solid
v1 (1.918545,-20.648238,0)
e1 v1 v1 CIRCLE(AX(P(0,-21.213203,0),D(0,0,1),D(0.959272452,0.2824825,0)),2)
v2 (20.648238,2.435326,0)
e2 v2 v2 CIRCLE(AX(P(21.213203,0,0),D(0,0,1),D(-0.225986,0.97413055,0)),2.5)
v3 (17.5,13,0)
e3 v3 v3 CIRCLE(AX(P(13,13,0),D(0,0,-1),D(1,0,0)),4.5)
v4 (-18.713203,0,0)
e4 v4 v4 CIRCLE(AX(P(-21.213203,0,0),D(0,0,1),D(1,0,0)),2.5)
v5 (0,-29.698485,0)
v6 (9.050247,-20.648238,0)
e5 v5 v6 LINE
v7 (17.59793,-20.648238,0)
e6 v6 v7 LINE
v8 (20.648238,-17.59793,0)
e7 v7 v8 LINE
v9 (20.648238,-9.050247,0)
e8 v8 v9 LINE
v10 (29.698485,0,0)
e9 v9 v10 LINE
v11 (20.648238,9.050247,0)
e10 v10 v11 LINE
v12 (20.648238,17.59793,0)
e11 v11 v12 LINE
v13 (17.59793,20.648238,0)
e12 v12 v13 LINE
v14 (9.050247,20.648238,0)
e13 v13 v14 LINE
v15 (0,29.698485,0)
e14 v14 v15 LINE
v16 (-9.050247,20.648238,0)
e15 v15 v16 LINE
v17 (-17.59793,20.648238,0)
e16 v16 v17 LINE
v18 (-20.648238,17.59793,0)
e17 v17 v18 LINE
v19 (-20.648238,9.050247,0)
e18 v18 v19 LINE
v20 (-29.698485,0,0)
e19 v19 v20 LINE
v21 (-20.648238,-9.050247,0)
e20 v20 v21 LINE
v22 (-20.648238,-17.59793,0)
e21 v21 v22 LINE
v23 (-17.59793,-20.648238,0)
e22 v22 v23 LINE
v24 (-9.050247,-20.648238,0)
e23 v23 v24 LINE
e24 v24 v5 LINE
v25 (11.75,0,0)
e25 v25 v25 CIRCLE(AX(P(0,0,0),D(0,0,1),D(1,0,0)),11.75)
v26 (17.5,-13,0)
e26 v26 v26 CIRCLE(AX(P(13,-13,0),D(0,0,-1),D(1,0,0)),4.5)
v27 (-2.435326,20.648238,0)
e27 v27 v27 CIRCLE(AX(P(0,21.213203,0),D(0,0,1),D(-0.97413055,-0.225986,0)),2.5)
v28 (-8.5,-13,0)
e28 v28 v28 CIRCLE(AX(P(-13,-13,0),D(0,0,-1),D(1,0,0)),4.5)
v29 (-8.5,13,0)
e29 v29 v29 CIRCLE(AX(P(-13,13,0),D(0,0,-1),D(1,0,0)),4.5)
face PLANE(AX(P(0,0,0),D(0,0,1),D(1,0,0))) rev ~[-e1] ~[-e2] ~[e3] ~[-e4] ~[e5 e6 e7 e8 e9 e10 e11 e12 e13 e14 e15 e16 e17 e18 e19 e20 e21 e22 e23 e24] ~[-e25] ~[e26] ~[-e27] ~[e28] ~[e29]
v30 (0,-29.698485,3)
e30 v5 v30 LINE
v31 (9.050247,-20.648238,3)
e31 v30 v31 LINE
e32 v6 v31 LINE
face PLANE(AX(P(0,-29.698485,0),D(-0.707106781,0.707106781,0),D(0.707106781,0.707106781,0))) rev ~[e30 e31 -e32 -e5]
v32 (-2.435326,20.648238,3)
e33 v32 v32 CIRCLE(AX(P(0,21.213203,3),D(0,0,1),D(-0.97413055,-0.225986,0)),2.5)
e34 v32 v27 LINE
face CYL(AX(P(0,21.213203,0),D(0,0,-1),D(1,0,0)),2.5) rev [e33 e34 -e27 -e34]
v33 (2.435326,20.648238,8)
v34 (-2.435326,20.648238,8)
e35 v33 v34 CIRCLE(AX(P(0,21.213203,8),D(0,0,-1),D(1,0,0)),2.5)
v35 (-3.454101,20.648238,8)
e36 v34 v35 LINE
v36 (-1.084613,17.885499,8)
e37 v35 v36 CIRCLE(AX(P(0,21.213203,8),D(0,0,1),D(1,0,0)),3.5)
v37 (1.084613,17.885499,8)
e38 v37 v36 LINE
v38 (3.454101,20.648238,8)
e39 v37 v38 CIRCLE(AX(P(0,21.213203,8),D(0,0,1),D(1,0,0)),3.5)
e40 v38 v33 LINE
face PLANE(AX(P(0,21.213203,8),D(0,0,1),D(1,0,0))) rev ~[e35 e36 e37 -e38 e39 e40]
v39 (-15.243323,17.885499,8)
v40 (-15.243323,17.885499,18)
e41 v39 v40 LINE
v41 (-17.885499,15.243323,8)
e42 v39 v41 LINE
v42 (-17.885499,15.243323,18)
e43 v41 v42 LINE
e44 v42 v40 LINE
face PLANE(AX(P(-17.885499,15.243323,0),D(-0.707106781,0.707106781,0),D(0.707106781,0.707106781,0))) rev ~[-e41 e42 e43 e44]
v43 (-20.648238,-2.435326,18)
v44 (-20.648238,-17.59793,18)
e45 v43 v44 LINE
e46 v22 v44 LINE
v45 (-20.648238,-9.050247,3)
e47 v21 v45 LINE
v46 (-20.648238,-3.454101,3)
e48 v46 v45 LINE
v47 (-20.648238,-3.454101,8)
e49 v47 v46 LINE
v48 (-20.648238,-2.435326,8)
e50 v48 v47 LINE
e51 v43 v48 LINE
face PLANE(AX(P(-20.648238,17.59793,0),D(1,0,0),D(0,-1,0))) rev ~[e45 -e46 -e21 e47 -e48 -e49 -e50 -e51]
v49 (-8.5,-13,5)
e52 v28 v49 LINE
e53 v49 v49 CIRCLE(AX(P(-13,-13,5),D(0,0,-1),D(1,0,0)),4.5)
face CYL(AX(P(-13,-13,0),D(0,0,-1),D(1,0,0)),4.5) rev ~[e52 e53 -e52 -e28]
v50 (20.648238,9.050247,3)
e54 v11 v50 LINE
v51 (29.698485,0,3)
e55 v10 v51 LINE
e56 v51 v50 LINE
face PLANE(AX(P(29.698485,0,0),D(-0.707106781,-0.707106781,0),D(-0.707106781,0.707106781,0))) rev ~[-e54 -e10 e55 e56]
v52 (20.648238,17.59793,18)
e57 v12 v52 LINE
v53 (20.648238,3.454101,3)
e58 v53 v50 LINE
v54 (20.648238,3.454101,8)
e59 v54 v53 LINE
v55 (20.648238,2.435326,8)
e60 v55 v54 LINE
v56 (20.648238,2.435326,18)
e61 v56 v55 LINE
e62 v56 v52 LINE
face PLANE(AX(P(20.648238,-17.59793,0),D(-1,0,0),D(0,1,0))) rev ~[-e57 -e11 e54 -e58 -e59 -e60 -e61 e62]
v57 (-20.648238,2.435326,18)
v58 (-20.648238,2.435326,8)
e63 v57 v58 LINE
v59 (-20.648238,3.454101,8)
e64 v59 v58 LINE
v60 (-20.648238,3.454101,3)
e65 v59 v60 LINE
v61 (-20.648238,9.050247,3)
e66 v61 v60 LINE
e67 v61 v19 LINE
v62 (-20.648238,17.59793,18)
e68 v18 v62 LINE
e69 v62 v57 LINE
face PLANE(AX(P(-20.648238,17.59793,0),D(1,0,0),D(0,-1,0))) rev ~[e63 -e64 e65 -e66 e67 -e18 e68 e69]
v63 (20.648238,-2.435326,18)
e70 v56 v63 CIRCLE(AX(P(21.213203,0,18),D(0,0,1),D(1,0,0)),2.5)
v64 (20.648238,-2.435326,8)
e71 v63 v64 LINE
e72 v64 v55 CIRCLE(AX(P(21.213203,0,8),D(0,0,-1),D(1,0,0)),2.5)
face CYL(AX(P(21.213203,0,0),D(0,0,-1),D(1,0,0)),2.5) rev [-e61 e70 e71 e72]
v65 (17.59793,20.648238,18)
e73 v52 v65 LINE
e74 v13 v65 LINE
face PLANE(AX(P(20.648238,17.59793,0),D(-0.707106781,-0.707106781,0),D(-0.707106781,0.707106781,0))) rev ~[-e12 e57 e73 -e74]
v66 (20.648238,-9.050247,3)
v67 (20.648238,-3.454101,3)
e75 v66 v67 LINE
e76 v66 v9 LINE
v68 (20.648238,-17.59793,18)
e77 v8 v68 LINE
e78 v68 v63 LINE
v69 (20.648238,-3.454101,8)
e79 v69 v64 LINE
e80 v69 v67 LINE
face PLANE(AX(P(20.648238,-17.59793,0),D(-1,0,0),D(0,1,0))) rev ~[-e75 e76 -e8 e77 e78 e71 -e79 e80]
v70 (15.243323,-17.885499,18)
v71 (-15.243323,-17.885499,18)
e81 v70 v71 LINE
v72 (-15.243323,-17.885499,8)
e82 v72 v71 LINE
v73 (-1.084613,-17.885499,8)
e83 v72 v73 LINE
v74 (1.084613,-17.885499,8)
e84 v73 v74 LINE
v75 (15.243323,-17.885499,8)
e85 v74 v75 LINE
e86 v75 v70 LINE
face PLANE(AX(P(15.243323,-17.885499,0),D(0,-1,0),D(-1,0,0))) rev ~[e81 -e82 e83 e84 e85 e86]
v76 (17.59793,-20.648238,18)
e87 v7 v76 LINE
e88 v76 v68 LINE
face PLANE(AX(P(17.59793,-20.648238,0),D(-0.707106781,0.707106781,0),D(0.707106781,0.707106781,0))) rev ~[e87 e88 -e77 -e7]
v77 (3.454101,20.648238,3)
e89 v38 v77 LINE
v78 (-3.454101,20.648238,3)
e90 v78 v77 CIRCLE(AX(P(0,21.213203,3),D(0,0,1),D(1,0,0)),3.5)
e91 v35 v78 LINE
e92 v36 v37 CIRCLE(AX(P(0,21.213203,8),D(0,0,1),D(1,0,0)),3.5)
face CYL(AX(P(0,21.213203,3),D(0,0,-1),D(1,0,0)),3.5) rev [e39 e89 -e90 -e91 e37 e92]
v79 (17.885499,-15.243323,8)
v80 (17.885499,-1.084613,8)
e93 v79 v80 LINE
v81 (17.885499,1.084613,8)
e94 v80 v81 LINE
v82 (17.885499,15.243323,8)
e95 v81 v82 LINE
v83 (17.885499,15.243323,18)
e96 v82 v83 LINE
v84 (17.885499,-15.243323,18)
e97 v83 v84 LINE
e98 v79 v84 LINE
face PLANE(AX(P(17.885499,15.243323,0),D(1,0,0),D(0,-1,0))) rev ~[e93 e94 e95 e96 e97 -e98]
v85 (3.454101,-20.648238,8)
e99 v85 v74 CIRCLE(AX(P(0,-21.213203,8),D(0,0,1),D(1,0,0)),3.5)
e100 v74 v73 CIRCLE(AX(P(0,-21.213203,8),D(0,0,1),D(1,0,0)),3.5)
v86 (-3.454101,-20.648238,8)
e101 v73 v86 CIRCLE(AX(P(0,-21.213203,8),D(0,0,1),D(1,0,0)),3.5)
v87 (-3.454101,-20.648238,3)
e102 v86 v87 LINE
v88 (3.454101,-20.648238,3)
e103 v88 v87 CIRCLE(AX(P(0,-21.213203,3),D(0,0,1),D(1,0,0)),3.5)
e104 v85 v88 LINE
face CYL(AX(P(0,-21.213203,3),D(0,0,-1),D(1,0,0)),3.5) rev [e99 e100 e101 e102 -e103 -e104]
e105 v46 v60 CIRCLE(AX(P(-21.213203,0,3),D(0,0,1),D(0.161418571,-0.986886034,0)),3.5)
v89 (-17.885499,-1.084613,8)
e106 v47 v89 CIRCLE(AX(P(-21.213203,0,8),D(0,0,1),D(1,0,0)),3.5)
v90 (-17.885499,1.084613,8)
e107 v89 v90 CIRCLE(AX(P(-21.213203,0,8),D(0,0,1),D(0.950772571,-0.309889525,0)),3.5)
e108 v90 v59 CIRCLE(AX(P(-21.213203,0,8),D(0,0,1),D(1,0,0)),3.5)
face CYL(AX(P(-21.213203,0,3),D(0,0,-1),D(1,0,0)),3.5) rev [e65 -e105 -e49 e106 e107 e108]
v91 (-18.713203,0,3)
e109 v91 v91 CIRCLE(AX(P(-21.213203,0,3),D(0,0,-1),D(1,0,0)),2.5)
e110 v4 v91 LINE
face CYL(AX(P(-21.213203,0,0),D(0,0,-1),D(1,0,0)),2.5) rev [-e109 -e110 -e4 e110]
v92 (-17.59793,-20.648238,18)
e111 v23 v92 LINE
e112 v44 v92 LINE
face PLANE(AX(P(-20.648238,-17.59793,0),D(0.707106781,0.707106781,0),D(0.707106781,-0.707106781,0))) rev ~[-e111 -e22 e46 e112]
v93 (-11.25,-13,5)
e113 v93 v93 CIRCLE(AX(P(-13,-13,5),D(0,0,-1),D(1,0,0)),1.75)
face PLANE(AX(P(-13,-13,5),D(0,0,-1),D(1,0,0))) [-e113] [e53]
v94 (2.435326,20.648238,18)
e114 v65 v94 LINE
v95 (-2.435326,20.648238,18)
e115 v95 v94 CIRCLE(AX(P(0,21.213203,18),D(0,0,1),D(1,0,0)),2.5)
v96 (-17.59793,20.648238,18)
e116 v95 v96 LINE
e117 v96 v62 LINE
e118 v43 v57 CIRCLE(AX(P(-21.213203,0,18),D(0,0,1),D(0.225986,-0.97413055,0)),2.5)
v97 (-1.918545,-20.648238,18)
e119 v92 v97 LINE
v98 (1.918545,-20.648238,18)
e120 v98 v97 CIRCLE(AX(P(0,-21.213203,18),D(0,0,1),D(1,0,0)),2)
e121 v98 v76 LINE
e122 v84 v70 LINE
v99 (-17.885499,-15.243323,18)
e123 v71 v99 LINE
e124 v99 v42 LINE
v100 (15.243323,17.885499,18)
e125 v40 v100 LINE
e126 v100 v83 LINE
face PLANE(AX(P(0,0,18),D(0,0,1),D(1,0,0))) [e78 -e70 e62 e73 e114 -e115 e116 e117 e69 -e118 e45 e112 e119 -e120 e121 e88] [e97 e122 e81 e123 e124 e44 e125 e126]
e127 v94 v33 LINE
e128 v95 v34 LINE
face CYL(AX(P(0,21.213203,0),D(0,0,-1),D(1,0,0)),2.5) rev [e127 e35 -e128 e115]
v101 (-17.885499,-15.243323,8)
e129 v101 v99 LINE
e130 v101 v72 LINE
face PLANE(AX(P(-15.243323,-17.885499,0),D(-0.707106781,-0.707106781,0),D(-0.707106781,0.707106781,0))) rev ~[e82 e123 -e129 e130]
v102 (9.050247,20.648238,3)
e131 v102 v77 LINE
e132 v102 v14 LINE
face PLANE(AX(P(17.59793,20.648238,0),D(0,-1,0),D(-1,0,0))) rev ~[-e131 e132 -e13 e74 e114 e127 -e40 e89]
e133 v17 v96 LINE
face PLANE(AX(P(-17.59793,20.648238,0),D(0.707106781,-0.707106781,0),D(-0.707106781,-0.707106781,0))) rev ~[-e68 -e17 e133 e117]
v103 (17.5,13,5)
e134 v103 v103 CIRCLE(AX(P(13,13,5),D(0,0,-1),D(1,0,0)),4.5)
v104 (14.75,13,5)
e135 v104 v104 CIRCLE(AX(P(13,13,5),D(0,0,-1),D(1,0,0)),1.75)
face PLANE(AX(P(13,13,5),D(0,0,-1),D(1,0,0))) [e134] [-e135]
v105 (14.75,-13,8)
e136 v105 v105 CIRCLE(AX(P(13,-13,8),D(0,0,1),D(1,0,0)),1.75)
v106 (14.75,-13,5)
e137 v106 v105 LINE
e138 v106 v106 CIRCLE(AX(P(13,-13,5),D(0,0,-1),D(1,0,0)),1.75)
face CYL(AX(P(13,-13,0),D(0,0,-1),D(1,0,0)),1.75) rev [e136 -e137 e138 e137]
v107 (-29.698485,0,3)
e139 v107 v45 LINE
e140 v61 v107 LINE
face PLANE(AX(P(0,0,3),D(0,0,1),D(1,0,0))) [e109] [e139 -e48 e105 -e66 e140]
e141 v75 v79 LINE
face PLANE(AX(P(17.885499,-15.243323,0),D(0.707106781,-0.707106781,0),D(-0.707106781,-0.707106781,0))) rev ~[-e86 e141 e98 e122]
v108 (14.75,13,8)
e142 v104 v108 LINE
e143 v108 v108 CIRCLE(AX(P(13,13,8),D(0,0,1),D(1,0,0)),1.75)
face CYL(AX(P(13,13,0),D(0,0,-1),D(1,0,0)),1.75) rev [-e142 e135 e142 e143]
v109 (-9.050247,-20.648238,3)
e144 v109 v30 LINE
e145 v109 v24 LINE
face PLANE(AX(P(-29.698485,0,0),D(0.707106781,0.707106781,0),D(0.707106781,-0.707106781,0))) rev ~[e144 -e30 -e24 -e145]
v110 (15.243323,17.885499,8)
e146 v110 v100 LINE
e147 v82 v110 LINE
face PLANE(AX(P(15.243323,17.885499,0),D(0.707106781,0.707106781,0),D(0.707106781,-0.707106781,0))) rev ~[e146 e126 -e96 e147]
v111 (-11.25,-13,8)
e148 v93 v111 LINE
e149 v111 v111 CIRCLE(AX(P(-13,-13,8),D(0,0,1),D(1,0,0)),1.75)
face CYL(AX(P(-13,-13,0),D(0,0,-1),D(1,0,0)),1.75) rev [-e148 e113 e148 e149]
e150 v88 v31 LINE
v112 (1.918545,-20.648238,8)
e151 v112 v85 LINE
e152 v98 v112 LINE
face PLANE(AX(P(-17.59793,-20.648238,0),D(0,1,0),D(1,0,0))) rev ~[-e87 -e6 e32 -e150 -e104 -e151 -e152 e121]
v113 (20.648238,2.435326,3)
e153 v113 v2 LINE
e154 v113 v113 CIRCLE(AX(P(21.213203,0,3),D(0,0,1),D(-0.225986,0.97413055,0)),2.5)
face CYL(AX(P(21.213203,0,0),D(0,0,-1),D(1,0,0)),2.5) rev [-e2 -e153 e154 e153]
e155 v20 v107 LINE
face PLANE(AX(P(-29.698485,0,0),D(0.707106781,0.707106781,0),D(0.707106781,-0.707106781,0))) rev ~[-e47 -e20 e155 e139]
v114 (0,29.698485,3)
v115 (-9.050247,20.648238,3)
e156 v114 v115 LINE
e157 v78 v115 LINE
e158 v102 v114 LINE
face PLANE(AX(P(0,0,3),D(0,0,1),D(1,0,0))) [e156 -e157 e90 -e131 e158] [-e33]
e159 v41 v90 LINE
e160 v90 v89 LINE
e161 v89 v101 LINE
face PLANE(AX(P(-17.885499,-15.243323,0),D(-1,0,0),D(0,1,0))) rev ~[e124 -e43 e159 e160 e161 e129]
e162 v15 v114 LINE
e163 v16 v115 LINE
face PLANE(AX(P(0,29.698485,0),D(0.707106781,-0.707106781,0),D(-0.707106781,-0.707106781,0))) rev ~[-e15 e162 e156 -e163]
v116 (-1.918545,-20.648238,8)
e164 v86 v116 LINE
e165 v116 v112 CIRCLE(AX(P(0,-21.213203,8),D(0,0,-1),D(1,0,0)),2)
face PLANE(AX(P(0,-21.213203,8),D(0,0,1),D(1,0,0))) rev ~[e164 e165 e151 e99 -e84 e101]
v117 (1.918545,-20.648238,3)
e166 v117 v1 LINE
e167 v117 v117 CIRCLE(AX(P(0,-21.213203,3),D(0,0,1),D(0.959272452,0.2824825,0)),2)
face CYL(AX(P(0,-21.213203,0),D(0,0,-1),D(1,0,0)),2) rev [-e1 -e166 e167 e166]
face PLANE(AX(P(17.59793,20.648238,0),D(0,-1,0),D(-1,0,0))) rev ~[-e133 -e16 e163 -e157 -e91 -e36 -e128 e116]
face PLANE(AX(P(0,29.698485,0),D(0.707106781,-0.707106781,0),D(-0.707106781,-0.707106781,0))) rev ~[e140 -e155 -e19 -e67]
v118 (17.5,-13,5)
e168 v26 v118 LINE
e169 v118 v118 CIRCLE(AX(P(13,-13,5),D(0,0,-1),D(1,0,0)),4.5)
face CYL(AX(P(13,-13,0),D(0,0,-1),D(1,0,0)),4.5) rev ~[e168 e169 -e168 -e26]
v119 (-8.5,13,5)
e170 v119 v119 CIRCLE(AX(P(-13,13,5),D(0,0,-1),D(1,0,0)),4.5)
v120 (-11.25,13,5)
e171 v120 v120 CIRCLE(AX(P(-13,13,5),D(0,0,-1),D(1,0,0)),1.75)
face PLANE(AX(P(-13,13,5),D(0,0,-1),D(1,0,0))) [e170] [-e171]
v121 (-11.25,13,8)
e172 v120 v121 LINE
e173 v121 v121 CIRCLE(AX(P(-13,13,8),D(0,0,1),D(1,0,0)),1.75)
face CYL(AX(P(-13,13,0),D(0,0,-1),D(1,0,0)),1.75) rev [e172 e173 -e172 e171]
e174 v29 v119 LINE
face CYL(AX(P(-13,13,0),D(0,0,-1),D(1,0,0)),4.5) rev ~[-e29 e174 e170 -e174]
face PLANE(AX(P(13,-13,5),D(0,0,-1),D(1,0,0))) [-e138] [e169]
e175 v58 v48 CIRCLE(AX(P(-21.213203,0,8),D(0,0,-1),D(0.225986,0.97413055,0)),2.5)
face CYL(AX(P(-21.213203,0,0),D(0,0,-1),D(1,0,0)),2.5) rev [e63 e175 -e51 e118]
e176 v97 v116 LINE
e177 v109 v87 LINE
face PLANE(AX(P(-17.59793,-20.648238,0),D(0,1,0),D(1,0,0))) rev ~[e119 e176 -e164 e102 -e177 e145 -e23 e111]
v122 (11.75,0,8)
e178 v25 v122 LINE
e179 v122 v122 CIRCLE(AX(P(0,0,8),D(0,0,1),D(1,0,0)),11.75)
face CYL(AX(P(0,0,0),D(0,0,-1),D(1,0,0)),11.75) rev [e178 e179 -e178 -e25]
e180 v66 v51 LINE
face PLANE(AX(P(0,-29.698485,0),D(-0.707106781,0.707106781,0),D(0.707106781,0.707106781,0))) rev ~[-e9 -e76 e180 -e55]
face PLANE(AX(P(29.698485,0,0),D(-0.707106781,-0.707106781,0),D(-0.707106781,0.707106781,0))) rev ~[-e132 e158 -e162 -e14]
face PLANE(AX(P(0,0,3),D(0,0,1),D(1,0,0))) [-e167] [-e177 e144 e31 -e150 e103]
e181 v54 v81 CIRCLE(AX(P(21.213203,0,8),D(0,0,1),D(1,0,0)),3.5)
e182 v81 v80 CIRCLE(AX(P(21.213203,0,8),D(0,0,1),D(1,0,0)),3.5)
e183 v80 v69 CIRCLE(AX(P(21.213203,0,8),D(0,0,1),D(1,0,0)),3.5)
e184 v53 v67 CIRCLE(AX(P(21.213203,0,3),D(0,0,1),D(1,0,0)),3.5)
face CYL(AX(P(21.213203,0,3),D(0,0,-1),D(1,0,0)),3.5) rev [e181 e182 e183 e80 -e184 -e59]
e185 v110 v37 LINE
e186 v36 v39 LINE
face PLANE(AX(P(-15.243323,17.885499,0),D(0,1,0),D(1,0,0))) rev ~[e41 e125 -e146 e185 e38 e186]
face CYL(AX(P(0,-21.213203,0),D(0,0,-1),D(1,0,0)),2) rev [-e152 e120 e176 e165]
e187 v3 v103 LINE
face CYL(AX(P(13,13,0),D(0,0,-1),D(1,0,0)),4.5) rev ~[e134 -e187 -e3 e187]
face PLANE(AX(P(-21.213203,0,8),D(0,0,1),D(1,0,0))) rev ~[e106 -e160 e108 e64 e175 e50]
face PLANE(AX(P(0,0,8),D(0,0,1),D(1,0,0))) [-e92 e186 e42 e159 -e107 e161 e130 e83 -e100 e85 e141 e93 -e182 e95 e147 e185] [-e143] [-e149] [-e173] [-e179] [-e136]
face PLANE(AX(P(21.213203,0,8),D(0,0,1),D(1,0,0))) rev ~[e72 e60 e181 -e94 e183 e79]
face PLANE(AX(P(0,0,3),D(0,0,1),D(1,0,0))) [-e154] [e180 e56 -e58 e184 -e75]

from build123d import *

# Parameters (mm, degrees)
F4_DEPTH  = 18
F2_R      = 1.75
F2_R_2    = 11.75
F5_DEPTH  = 8
F3_R      = 2
F3_R_2    = 1.75
F3_R_3    = 2.5
F3_R_4    = 11.75
F6_DEPTH  = 3
F7_DEPTH  = 18
F8_R      = 4.5
F8_R_2    = 1.75
F9_DEPTH  = 5
F10_DEPTH = 5
F11_R     = 3.5
F12_DEPTH = 5
F13_DEPTH = 5
F14_DEPTH = 5


with BuildPart() as f4:
    # F1 (on Top) → F4 (new body)
    with BuildSketch(Plane.XY):
        Polygon((-17.59793, 20.648238), (-20.648238, 17.59793), (-20.648238, -17.59793), (-17.59793, -20.648238), (17.59793, -20.648238), (20.648238, -17.59793), (20.648238, 17.59793), (17.59793, 20.648238), align=None)
        Polygon((-15.243323, -17.885499), (-17.885499, -15.243323), (-17.885499, 15.243323), (-15.243323, 17.885499), (15.243323, 17.885499), (17.885499, 15.243323), (17.885499, -15.243323), (15.243323, -17.885499), align=None, mode=Mode.SUBTRACT)
    extrude(amount=F4_DEPTH)

    # F2 (on Top) → F5 (join)
    with BuildSketch(Plane.XY):
        Polygon((-15.243323, 17.885499), (-17.885499, 15.243323), (-17.885499, -15.243323), (-15.243323, -17.885499), (15.243323, -17.885499), (17.885499, -15.243323), (17.885499, 15.243323), (15.243323, 17.885499), align=None)
        with Locations((-13, -13)):
            Circle(F2_R, mode=Mode.SUBTRACT)
        with Locations((13, -13)):
            Circle(F2_R, mode=Mode.SUBTRACT)
        Circle(F2_R_2, mode=Mode.SUBTRACT)
        with Locations((-13, 13)):
            Circle(F2_R, mode=Mode.SUBTRACT)
        with Locations((13, 13)):
            Circle(F2_R, mode=Mode.SUBTRACT)
    extrude(amount=F5_DEPTH)

    # F3 (on Top) → F6 (join)
    with BuildSketch(Plane.XY):
        Polygon((-29.698485, 0), (0, -29.698485), (29.698485, 0), (0, 29.698485), align=None)
        with Locations((0, -21.213203)):
            Circle(F3_R, mode=Mode.SUBTRACT)
        with Locations((-13, -13)):
            Circle(F3_R_2, mode=Mode.SUBTRACT)
        with Locations((13, -13)):
            Circle(F3_R_2, mode=Mode.SUBTRACT)
        with Locations((-21.213203, 0)):
            Circle(F3_R_3, mode=Mode.SUBTRACT)
        Circle(F3_R_4, mode=Mode.SUBTRACT)
        with Locations((-13, 13)):
            Circle(F3_R_2, mode=Mode.SUBTRACT)
        with Locations((0, 21.213203)):
            Circle(F3_R_3, mode=Mode.SUBTRACT)
        with Locations((13, 13)):
            Circle(F3_R_2, mode=Mode.SUBTRACT)
        with Locations((21.213203, 0)):
            Circle(F3_R_3, mode=Mode.SUBTRACT)
    extrude(amount=F6_DEPTH)

    # F3 (on Top) → F7 (cut)
    with BuildSketch(Plane.XY):
        with Locations((21.213203, 0)):
            Circle(F3_R_3)
        with Locations((0, 21.213203)):
            Circle(F3_R_3)
        with Locations((0, -21.213203)):
            Circle(F3_R)
        with Locations((-21.213203, 0)):
            Circle(F3_R_3)
    extrude(amount=F7_DEPTH, mode=Mode.SUBTRACT)

    # F8 (on face) + F2 (on Top) → F9 (cut)
    with BuildSketch(Plane(origin=(0, 0, 0), x_dir=(1, 0, 0), z_dir=(0, 0, -1))):
        with Locations((-13, -13)):
            Circle(F8_R)
        with Locations((-13, -13)):
            Circle(F8_R_2, mode=Mode.SUBTRACT)
    with BuildSketch(Plane.XY):
        with Locations((-13, 13)):
            Circle(F2_R)
    extrude(amount=-F9_DEPTH, mode=Mode.SUBTRACT)

    # F8 (on face) + F2 (on Top) → F10 (cut)
    with BuildSketch(Plane(origin=(0, 0, 0), x_dir=(1, 0, 0), z_dir=(0, 0, -1))):
        with Locations((13, 13)):
            Circle(F8_R)
        with Locations((13, 13)):
            Circle(F8_R_2, mode=Mode.SUBTRACT)
    with BuildSketch(Plane.XY):
        with Locations((13, -13)):
            Circle(F2_R)
    extrude(amount=-F10_DEPTH, mode=Mode.SUBTRACT)

    # F11 (on face) → F12 (cut)
    with BuildSketch(Plane.XY.offset(3)):
        with Locations((0, 21.213203)):
            Circle(F11_R)
        with Locations((0, -21.213203)):
            Circle(F11_R)
        with Locations((21.213203, 0)):
            Circle(F11_R)
        with Locations((-21.213203, 0)):
            Circle(F11_R)
    extrude(amount=F12_DEPTH, mode=Mode.SUBTRACT)

    # F8 (on face) → F13 (cut)
    with BuildSketch(Plane(origin=(0, 0, 0), x_dir=(1, 0, 0), z_dir=(0, 0, -1))):
        with Locations((13, -13)):
            Circle(F8_R)
        with Locations((13, -13)):
            Circle(F8_R_2, mode=Mode.SUBTRACT)
    extrude(amount=-F13_DEPTH, mode=Mode.SUBTRACT)

    # F8 (on face) → F14 (cut)
    with BuildSketch(Plane(origin=(0, 0, 0), x_dir=(1, 0, 0), z_dir=(0, 0, -1))):
        with Locations((-13, 13)):
            Circle(F8_R)
        with Locations((-13, 13)):
            Circle(F8_R_2, mode=Mode.SUBTRACT)
    extrude(amount=-F14_DEPTH, mode=Mode.SUBTRACT)


solid = f4.part
